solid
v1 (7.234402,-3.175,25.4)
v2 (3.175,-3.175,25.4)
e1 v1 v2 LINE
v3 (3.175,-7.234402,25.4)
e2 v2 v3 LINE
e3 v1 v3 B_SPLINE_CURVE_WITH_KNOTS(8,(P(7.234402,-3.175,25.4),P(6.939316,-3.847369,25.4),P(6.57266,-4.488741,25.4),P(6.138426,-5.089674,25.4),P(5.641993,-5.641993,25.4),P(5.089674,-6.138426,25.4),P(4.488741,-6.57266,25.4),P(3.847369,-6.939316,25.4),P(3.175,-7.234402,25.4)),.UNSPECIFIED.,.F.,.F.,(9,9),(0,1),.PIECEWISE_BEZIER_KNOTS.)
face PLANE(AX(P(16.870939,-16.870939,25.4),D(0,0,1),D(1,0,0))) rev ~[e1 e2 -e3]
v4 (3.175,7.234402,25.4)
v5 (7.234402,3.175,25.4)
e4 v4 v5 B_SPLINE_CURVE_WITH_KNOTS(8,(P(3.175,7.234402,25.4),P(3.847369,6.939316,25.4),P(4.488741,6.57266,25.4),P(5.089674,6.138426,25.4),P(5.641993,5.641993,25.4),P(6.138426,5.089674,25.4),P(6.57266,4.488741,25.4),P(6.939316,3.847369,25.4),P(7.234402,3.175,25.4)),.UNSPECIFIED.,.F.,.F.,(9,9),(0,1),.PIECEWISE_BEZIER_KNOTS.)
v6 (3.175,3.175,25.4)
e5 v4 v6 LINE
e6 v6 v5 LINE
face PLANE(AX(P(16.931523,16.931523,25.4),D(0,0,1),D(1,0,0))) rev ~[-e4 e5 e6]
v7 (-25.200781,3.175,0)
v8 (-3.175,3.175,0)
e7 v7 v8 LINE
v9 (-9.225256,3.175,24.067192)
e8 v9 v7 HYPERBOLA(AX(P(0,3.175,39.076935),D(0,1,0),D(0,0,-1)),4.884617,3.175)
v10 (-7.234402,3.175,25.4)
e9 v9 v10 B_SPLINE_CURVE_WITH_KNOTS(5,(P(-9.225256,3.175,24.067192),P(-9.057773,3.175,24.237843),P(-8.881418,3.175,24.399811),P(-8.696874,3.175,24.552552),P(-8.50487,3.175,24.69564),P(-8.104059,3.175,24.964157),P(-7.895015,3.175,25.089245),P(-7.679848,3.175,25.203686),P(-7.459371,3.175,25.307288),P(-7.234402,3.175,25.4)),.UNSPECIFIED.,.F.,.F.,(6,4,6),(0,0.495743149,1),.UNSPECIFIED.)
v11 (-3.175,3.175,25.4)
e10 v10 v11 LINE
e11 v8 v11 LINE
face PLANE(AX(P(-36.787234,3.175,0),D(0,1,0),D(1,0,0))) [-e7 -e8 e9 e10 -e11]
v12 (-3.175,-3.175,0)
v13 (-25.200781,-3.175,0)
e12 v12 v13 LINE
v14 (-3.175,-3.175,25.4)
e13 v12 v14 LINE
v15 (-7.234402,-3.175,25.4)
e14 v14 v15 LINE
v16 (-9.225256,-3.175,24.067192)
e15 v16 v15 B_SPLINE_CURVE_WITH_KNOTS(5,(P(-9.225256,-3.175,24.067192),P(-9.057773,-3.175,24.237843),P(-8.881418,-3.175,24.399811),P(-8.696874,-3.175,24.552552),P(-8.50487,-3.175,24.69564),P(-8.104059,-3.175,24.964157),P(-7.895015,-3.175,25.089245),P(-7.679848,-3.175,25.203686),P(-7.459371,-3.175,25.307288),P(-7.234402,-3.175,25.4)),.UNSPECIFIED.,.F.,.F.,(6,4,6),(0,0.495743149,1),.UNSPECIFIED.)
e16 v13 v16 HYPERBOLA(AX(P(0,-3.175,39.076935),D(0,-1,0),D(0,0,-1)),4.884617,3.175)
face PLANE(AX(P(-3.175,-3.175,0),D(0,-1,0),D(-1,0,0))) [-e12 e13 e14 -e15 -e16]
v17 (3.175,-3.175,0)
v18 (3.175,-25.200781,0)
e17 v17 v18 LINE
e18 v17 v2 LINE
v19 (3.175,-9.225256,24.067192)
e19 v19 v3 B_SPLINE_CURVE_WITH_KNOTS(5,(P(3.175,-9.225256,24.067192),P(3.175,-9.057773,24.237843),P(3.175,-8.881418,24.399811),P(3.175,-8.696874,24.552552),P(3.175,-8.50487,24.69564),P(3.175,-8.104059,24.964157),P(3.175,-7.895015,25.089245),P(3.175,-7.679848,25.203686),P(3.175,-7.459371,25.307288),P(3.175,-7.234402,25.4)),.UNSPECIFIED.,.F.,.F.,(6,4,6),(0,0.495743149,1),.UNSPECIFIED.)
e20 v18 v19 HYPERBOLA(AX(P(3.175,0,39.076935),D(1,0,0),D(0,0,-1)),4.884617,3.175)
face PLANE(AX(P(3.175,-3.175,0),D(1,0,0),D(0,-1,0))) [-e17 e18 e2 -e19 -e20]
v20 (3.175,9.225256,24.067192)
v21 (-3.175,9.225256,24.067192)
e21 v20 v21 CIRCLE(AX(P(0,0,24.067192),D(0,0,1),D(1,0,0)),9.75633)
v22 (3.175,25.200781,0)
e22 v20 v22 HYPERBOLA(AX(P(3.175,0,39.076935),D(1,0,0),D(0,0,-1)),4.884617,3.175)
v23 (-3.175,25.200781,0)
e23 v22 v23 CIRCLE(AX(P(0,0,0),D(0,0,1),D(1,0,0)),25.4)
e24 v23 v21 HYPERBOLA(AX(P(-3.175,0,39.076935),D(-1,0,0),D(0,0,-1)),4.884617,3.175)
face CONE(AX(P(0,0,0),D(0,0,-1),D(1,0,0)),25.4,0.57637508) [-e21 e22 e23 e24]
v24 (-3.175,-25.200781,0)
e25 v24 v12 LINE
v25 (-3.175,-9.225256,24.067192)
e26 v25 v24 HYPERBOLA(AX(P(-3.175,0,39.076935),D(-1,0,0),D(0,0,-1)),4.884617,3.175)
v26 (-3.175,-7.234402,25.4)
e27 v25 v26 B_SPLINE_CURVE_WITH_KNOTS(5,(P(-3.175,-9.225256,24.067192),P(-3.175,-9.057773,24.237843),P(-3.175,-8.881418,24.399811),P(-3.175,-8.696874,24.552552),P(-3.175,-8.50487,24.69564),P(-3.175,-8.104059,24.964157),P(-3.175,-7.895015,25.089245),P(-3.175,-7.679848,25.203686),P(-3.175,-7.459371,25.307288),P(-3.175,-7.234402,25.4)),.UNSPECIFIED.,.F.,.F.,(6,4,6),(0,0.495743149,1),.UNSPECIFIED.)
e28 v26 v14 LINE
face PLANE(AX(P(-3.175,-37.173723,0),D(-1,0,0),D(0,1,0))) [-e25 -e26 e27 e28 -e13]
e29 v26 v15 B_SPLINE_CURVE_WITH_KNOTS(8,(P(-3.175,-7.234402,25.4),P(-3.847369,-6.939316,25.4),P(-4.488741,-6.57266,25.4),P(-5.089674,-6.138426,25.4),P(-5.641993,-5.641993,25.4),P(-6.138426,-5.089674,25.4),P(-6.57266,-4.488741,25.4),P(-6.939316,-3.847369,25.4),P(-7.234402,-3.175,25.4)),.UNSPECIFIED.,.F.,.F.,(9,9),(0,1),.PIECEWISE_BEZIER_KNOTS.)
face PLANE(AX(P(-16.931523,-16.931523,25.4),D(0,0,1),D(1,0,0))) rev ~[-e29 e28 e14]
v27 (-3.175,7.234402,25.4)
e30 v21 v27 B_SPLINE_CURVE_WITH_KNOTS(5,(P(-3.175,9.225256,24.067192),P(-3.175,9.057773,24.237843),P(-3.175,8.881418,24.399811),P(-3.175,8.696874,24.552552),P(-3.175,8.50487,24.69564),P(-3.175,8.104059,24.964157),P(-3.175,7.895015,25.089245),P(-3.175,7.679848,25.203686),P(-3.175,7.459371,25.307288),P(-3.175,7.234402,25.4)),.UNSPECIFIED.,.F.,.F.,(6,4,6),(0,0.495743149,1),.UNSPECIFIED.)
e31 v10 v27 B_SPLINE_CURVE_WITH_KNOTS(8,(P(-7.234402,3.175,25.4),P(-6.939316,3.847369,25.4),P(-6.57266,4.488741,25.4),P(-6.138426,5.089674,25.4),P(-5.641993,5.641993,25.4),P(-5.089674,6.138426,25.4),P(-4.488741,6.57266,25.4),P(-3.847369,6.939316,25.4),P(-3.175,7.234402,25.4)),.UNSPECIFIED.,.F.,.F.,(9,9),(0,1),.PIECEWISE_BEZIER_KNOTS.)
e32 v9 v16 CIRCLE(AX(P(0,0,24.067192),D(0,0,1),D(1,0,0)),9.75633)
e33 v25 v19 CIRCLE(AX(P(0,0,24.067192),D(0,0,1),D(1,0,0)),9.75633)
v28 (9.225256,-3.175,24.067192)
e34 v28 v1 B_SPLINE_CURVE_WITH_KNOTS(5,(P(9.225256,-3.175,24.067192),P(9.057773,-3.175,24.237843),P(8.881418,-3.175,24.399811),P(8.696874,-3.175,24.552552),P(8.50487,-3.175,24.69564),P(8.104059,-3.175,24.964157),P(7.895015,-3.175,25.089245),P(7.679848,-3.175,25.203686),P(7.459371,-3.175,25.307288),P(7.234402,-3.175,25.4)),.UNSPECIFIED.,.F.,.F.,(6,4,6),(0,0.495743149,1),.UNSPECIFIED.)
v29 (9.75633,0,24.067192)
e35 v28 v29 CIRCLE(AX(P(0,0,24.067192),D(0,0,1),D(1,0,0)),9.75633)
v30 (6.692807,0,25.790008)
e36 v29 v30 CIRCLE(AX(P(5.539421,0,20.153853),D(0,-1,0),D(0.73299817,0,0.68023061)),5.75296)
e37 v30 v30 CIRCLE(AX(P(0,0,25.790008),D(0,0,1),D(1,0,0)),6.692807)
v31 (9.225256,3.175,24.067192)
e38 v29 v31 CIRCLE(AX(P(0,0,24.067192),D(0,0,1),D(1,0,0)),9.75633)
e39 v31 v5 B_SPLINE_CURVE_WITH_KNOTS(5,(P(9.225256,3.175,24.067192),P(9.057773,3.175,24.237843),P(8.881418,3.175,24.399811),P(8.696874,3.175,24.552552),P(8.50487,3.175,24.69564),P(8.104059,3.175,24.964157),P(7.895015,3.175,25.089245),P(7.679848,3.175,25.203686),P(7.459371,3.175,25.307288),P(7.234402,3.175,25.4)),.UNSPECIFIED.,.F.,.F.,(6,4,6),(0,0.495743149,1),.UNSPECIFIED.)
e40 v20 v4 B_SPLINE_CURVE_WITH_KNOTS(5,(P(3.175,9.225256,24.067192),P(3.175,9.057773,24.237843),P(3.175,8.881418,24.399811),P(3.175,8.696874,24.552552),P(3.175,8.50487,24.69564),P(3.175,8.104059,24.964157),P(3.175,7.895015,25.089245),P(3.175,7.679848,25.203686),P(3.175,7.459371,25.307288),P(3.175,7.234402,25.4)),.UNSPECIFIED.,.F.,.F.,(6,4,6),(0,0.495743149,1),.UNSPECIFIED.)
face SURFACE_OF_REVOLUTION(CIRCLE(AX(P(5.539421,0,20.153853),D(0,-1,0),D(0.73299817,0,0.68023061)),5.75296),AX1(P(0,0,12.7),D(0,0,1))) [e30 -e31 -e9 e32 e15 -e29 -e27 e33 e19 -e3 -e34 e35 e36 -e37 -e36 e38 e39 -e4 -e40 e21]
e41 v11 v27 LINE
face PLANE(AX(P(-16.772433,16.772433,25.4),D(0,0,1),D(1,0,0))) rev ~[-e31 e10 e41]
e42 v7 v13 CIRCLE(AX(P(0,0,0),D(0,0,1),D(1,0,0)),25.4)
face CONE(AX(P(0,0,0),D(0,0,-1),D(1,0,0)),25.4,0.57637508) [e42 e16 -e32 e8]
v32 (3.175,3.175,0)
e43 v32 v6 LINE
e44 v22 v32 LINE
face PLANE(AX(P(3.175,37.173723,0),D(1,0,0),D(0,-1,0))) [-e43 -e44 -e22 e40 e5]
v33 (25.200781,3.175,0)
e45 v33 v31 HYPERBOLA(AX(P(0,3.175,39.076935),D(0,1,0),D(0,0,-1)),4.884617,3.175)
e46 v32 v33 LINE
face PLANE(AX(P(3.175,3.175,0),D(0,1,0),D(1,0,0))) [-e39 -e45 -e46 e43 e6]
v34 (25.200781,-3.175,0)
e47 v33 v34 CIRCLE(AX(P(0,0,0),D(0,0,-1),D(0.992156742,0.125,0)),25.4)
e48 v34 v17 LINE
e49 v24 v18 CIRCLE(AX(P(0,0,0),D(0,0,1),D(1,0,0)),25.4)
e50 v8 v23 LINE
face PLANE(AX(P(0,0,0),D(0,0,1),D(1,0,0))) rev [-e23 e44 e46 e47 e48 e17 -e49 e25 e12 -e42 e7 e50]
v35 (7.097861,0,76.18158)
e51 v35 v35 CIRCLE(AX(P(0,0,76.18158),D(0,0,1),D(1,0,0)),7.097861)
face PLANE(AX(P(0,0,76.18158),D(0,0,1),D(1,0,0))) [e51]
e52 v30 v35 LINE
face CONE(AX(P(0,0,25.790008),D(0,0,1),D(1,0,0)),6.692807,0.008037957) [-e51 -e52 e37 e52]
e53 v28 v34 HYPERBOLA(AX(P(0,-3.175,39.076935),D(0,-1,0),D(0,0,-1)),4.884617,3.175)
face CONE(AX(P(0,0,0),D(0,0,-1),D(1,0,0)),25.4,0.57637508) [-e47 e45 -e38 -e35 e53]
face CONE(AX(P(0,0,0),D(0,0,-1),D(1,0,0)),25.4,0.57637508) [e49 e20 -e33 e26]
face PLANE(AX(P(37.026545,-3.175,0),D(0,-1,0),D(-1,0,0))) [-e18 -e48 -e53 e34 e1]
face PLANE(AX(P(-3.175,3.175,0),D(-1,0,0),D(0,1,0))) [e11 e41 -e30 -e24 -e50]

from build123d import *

# Parameters (mm, degrees)
F3_DEPTH = 25.4


with BuildPart() as f1:
    # F0 (on Front) → F1 (revolve)
    with BuildSketch(Plane.XZ):
        with BuildLine():
            Line((0, 25.4), (0, 0))
            Line((0, 0), (25.4, 0))
            Line((25.4, 0), (9.75633, 24.067192))
            ThreePointArc((9.75633, 24.067192), (8.359358, 25.168282), (6.692807, 25.790008))
            Line((6.692807, 25.790008), (7.097861, 76.18158))
            Line((7.097861, 76.18158), (0, 76.18158))
            Line((0, 76.18158), (0, 25.4))
        make_face()
    revolve(axis=Axis((0, 0, 12.7), (0, 0, 1)))

    # F2 (on Top) → F3 (cut)
    with BuildSketch(Plane.XY):
        with BuildLine():
            Line((3.175, -3.175), (3.175, -37.026545))
            ThreePointArc((3.175, -37.026545), (26.277801, -26.277801), (37.026545, -3.175))
            Line((37.026545, -3.175), (3.175, -3.175))
        make_face()
        with BuildLine():
            Line((3.175, 3.175), (37.173723, 3.175))
            ThreePointArc((37.173723, 3.175), (26.381493, 26.381493), (3.175, 37.173723))
            Line((3.175, 37.173723), (3.175, 3.175))
        make_face()
        with BuildLine():
            Line((-3.175, 3.175), (-3.175, 36.787234))
            ThreePointArc((-3.175, 36.787234), (-26.109205, 26.109205), (-36.787234, 3.175))
            Line((-36.787234, 3.175), (-3.175, 3.175))
        make_face()
        with BuildLine():
            Line((-3.175, -3.175), (-37.173723, -3.175))
            ThreePointArc((-37.173723, -3.175), (-26.381493, -26.381493), (-3.175, -37.173723))
            Line((-3.175, -37.173723), (-3.175, -3.175))
        make_face()
    extrude(amount=F3_DEPTH, mode=Mode.SUBTRACT)


solid = f1.part
